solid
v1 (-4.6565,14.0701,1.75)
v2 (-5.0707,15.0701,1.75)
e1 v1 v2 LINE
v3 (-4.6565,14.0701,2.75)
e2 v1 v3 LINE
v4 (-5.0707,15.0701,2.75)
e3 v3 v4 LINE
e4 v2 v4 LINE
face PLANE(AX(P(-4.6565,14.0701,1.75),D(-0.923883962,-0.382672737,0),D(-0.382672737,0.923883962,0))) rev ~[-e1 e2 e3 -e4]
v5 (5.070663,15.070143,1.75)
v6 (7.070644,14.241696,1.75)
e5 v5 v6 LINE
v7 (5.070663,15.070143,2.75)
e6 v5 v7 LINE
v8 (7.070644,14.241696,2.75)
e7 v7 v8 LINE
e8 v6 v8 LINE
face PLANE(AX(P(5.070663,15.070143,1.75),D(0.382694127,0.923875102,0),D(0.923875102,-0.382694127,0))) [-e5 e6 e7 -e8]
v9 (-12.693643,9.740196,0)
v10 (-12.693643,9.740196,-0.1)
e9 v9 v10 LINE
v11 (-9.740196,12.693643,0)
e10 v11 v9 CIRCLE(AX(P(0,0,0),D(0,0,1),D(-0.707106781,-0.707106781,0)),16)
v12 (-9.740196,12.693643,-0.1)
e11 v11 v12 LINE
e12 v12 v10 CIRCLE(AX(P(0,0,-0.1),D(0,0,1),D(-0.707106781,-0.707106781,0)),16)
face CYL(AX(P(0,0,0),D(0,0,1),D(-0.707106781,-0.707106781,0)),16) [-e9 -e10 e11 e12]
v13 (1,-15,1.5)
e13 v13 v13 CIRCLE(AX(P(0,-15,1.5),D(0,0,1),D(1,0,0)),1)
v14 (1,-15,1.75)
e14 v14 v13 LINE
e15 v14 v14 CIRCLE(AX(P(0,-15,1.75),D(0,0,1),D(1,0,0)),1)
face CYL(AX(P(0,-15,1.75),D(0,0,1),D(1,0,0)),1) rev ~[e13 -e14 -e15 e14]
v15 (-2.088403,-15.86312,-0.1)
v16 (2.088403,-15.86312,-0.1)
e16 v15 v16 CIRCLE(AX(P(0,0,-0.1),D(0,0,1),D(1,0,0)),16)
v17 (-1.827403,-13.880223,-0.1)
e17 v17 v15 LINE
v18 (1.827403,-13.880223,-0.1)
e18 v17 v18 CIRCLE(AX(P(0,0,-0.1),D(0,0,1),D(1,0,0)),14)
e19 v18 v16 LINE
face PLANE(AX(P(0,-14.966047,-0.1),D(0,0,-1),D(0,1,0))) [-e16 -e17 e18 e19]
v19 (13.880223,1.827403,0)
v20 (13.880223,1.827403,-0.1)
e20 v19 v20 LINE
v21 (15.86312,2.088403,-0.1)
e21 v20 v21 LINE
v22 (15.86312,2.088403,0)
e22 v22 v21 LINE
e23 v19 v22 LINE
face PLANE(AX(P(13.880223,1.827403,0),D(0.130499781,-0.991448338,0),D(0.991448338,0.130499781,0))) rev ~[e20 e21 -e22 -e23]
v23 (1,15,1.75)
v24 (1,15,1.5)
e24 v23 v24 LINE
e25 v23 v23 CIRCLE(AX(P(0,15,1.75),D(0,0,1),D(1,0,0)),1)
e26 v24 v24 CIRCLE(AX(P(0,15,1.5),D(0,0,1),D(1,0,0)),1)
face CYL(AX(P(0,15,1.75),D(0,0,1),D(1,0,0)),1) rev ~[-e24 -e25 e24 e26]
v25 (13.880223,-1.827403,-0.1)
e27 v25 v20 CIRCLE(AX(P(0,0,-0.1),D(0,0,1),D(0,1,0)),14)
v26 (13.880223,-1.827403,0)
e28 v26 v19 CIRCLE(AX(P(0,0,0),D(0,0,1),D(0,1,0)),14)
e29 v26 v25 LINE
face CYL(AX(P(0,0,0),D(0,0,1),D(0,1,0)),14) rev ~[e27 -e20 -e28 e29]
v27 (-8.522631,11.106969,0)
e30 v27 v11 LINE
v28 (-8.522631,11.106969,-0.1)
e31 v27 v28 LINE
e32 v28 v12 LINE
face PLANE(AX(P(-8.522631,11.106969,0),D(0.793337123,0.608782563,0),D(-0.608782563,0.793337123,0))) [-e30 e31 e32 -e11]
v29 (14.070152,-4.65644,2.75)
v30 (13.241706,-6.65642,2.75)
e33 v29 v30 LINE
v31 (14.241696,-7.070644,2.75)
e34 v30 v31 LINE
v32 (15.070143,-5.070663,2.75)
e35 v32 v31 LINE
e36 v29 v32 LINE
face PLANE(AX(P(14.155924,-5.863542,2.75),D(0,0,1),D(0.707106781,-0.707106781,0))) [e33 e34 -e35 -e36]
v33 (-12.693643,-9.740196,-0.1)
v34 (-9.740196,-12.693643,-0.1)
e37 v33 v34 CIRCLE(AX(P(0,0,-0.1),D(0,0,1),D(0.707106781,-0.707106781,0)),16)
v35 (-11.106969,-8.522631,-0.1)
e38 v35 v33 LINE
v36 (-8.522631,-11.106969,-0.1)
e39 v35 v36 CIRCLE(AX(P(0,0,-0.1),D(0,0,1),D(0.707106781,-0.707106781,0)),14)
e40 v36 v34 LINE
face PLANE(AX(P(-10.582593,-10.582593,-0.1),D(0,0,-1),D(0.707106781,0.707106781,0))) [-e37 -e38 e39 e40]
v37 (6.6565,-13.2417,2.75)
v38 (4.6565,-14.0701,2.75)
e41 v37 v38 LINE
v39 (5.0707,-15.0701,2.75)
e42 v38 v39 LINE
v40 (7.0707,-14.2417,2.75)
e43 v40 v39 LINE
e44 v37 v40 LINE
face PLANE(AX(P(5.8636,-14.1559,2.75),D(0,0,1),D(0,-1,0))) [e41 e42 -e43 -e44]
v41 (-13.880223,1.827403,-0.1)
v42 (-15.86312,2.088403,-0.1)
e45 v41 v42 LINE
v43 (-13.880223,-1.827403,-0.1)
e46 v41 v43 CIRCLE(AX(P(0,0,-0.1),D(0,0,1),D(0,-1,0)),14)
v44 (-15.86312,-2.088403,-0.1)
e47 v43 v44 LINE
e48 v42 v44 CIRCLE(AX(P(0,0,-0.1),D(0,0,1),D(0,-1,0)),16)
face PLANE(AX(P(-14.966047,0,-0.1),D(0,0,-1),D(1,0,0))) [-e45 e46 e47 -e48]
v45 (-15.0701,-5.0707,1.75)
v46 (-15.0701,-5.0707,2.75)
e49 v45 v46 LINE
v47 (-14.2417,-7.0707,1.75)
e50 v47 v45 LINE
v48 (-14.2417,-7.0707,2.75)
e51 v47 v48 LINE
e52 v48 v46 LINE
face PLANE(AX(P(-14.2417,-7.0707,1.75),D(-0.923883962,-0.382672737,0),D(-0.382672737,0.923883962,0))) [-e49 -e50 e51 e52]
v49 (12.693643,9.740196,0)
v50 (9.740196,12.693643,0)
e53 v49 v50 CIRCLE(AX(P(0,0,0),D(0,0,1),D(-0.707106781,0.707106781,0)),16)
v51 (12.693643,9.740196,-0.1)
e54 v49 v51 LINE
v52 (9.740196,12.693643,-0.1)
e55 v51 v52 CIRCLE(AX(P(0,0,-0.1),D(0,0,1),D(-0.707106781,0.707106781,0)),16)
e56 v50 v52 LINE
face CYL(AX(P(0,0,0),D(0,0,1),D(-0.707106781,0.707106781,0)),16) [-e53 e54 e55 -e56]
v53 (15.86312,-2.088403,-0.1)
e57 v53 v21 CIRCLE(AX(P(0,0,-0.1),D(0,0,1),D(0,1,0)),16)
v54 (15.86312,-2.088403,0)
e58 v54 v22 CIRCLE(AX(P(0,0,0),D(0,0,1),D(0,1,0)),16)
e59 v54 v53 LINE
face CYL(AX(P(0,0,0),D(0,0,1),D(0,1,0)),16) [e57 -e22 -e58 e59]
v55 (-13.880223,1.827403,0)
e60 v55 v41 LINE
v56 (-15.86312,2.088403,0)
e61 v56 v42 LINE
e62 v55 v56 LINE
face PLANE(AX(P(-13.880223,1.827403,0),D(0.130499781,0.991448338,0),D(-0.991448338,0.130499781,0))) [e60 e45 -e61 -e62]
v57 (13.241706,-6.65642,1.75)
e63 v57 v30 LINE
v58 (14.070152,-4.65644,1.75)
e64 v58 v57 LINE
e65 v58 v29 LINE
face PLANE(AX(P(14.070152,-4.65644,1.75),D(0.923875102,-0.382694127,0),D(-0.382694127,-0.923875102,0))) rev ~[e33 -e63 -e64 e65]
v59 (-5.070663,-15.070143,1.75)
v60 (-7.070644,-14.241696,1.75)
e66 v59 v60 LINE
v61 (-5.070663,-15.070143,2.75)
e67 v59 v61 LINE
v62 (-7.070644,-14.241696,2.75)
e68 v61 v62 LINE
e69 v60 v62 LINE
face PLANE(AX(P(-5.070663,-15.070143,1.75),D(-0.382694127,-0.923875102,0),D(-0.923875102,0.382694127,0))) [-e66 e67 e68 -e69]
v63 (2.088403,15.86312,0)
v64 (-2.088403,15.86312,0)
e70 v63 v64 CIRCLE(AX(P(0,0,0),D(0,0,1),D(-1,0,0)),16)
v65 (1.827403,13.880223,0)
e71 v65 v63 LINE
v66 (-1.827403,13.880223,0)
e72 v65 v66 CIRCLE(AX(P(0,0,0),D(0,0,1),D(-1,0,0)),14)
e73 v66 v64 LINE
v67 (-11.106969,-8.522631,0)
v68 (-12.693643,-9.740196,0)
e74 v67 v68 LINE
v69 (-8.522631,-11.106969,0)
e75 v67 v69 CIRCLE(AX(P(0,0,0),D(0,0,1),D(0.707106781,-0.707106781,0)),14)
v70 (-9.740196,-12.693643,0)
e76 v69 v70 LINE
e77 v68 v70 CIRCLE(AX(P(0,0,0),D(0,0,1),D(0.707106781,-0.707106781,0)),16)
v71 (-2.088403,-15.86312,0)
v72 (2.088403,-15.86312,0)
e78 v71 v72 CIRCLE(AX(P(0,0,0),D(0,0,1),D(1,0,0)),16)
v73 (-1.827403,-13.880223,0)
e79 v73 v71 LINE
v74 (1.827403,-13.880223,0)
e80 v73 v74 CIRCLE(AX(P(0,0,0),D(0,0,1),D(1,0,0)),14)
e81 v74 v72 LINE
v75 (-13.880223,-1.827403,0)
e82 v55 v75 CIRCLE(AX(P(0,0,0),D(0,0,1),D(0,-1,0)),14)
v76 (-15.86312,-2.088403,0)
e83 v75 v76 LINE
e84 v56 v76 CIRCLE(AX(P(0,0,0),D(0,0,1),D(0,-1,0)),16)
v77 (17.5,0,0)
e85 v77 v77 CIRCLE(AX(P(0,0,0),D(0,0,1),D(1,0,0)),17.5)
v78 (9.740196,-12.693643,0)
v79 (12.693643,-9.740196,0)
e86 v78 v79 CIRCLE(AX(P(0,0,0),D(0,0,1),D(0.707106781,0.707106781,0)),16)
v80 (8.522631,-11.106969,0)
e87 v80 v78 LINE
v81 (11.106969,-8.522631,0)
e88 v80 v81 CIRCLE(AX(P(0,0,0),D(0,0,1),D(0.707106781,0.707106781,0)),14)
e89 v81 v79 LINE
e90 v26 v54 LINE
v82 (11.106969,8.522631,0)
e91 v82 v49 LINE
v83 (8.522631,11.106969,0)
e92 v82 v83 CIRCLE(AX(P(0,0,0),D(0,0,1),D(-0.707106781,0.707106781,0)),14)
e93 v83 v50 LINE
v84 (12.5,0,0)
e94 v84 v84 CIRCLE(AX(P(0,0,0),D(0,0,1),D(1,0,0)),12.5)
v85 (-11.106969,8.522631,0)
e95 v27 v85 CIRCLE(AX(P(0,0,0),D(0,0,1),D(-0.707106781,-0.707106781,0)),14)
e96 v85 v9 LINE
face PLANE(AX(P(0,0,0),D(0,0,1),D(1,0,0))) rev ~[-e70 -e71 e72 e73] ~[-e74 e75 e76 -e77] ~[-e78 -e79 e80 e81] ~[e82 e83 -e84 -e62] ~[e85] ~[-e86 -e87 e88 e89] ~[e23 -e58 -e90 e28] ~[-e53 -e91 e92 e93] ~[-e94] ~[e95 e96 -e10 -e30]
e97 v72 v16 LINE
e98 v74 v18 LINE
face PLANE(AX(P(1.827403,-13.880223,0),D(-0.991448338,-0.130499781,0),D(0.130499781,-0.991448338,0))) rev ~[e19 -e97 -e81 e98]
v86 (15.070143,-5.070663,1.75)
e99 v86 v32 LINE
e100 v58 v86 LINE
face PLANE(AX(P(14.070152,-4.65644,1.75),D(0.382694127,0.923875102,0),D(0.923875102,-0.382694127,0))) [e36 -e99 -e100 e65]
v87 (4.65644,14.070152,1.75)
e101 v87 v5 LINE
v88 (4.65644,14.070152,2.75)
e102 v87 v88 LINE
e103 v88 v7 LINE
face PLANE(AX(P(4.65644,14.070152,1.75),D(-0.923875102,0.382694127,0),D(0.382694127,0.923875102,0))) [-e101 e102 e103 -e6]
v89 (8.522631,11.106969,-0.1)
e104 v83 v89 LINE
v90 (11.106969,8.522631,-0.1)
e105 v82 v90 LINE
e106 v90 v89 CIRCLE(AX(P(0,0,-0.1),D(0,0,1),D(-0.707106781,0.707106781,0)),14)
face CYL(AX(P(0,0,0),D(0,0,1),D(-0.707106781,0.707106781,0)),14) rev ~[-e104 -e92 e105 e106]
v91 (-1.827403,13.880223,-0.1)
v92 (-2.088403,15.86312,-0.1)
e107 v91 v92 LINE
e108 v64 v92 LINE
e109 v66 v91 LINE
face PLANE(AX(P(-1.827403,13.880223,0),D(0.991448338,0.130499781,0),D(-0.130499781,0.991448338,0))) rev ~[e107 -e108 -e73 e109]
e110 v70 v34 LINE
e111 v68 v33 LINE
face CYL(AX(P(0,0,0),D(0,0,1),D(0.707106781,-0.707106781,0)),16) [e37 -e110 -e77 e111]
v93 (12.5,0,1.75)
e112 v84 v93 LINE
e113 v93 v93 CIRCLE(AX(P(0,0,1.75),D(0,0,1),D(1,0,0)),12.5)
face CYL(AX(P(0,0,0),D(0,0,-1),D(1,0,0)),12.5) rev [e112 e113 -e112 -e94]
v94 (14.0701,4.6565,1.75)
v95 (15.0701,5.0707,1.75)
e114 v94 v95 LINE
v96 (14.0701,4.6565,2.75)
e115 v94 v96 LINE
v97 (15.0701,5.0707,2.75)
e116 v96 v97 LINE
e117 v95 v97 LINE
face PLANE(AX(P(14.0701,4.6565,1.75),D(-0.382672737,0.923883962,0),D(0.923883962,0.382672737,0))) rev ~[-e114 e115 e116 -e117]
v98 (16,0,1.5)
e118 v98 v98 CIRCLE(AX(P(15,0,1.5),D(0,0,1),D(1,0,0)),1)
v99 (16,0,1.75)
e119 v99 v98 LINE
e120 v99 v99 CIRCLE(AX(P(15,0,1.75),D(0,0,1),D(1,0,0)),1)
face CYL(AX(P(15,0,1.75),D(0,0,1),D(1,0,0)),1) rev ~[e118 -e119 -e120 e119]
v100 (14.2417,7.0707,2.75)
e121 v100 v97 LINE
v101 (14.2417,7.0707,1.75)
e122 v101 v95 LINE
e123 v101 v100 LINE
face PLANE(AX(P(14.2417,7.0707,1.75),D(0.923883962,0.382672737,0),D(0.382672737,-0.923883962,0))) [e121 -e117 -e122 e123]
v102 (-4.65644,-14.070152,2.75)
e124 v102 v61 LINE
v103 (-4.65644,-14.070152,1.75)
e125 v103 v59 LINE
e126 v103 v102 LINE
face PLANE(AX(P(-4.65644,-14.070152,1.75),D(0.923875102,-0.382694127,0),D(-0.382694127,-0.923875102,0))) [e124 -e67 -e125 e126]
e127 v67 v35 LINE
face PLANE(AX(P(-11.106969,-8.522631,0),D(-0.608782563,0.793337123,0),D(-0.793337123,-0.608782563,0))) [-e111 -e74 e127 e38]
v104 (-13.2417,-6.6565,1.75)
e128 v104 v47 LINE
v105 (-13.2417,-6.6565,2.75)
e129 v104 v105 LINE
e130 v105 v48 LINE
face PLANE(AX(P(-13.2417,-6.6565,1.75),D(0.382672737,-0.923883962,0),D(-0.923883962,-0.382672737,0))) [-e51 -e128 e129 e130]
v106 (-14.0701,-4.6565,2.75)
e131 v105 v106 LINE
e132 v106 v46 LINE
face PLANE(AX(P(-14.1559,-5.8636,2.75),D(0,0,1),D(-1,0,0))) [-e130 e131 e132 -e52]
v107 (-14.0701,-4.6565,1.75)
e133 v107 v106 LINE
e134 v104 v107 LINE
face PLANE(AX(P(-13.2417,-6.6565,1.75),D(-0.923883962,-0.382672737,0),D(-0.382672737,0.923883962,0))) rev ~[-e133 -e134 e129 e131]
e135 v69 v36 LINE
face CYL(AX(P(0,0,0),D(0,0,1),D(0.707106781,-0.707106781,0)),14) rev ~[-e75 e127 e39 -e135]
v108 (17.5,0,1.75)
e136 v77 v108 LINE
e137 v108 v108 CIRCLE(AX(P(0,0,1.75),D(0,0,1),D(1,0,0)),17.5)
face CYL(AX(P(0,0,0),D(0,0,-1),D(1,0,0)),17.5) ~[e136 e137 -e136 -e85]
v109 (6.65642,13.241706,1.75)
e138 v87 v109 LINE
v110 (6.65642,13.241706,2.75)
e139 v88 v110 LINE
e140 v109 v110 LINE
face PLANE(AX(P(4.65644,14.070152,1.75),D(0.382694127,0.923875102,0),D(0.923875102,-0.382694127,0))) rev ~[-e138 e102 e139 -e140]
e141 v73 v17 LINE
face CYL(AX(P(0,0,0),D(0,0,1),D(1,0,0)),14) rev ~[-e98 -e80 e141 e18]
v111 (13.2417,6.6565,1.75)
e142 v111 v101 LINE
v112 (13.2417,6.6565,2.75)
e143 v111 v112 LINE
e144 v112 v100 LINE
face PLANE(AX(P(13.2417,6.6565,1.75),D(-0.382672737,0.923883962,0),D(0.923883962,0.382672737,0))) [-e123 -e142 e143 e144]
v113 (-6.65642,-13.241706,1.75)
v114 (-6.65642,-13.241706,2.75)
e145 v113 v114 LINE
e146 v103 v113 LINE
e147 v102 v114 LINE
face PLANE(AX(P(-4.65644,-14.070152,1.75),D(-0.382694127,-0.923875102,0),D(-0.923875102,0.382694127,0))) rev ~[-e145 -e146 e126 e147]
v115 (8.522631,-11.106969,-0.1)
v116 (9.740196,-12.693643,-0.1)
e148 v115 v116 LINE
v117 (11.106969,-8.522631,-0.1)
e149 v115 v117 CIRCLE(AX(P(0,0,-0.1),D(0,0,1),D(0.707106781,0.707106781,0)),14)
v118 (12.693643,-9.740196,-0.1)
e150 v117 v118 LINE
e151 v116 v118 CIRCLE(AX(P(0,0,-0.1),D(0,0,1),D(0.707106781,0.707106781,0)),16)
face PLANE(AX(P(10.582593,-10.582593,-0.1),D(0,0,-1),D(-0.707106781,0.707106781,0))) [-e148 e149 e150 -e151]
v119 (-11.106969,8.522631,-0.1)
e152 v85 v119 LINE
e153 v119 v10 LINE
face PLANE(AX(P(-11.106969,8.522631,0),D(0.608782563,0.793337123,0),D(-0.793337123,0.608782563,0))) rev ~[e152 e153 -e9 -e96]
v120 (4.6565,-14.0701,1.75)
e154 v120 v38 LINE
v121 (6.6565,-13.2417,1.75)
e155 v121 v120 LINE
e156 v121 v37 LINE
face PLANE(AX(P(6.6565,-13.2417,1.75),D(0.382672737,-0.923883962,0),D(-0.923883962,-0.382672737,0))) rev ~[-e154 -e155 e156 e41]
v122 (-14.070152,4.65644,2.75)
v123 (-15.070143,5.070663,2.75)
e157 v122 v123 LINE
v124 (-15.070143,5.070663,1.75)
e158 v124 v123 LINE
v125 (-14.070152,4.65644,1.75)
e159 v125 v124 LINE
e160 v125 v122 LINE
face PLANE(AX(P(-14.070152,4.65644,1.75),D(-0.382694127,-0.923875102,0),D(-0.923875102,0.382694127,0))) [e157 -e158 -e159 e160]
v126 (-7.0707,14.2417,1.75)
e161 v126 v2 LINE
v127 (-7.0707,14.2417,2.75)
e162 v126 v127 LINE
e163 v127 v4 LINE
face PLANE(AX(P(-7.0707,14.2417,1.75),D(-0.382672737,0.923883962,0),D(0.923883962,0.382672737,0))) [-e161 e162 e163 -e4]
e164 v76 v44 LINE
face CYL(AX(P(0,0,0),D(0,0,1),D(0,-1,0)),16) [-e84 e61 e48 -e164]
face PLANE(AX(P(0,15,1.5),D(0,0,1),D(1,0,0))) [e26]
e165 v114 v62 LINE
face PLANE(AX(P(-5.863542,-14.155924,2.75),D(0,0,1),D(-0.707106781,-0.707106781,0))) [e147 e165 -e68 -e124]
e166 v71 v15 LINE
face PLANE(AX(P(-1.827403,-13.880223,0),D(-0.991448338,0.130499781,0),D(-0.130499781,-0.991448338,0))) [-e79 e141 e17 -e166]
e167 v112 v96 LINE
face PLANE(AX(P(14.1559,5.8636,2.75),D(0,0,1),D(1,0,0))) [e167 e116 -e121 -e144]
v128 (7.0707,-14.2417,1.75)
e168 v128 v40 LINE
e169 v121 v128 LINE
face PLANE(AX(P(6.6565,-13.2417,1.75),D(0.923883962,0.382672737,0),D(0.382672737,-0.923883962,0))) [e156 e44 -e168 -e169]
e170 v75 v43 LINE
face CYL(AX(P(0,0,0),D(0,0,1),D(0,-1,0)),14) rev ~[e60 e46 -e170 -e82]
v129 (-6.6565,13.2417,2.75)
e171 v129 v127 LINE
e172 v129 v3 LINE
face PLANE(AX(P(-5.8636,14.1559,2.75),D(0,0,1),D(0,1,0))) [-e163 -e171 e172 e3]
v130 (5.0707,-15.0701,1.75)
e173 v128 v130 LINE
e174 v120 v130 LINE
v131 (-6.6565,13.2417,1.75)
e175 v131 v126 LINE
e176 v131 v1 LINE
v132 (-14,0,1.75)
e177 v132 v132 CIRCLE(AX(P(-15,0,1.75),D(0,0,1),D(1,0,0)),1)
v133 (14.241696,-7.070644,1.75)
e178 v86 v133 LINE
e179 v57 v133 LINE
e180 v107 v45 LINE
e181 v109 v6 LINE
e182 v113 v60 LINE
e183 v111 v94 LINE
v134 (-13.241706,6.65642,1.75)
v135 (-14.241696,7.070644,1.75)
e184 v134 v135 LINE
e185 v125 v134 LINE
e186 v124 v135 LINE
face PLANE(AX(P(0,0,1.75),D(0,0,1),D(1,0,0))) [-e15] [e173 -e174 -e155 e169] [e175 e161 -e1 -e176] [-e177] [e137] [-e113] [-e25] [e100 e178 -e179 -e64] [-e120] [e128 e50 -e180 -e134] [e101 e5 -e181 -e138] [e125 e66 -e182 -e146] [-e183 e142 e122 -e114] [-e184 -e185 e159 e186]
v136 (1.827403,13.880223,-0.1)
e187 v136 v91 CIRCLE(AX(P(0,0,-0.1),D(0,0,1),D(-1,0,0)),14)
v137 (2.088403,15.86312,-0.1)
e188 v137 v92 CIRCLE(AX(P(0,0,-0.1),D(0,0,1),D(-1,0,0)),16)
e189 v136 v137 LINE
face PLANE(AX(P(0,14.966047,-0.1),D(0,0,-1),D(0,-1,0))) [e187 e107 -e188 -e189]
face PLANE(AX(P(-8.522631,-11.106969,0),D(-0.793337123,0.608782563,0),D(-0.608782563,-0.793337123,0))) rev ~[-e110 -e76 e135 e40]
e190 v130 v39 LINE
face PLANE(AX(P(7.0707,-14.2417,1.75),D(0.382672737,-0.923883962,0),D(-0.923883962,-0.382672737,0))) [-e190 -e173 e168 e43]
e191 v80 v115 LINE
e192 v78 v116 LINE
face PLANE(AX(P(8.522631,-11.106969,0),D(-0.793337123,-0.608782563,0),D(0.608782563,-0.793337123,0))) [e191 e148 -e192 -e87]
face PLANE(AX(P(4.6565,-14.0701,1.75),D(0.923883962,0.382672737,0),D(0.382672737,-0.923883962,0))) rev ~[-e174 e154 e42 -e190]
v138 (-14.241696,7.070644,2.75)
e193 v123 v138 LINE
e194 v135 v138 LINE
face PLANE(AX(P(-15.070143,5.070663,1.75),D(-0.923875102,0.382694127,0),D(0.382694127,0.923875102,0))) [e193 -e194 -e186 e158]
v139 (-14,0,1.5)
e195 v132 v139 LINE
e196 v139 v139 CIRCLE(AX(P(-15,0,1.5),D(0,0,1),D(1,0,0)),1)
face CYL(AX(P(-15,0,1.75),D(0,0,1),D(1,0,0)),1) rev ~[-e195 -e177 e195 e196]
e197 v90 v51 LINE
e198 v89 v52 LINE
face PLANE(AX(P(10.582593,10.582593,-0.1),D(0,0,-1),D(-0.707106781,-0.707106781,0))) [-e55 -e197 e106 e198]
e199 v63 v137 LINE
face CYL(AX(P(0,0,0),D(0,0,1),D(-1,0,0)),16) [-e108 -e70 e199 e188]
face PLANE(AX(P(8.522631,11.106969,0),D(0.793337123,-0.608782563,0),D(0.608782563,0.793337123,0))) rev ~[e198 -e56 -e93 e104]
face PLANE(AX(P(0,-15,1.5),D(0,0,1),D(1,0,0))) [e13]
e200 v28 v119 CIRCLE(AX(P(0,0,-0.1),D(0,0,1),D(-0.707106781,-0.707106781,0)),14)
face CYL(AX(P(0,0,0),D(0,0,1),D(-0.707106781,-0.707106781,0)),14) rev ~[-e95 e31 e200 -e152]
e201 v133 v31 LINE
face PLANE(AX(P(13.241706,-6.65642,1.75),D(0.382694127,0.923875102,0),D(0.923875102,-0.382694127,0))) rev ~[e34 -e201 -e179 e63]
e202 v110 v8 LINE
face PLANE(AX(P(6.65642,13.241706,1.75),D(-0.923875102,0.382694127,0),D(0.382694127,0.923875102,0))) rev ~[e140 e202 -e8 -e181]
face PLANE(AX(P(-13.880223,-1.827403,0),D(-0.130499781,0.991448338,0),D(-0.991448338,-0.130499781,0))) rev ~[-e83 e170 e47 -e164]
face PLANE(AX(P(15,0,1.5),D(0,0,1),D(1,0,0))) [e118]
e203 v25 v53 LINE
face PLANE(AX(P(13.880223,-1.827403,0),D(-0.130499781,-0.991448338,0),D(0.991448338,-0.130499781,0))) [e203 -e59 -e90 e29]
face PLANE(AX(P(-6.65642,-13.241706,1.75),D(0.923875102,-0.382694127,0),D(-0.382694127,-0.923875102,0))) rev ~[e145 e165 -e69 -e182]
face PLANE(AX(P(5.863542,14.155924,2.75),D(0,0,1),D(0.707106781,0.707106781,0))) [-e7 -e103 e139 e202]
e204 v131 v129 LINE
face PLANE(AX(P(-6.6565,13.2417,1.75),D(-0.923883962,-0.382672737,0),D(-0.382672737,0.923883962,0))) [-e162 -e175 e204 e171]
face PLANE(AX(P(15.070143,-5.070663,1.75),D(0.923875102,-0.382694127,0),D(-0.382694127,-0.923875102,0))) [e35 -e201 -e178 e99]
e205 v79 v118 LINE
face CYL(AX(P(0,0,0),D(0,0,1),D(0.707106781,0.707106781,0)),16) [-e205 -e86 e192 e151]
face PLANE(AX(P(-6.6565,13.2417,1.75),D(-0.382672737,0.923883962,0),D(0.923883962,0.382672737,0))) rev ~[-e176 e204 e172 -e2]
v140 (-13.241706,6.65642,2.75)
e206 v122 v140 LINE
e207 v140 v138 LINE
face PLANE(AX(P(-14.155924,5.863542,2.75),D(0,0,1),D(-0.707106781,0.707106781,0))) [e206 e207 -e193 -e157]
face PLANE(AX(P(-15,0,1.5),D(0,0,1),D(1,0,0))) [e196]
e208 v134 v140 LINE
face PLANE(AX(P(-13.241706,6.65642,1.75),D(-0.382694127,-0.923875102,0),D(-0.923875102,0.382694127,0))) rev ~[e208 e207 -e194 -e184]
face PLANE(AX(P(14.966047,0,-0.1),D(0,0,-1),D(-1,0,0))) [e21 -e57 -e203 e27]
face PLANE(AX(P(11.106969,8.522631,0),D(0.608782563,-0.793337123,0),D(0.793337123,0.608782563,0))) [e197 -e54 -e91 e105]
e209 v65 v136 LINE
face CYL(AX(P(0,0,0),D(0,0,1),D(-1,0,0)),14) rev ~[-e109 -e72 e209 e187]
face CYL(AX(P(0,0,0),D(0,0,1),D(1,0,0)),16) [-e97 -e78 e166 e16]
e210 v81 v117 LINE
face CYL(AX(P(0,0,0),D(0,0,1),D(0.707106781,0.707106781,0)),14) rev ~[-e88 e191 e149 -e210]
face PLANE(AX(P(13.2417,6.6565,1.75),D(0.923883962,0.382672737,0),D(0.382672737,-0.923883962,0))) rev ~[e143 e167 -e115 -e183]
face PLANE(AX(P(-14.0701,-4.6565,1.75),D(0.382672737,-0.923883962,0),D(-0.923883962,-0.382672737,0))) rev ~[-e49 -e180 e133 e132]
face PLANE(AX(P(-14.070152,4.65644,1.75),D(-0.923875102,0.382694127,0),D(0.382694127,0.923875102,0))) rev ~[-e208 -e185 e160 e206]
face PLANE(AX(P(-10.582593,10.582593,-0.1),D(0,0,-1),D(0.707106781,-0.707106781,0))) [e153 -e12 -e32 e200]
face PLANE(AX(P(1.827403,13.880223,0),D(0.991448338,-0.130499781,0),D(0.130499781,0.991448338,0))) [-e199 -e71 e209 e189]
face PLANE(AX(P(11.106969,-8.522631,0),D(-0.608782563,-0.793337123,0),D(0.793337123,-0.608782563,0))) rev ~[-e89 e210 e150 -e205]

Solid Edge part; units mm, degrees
sketch "Sketch1" plane through (0, 0, 0) normal (0, 0, 1) x (1, 0, 0)
  circle A0 centre (0, 0) radius 12.5
  circle A1 centre (0, 0) radius 17.5
extrude "Protrusion1" add sketch "Sketch1" along normal blind 1.75
sketch "Sketch2" plane through (0, 0, 1.75) normal (0, 0, 1) x (1, 0, 0)
  circle A0 centre (0, 15) radius 1
  circle A1 centre (15, 0) radius 1
  circle A2 centre (0, -15) radius 1
  circle A3 centre (-15, 0) radius 1
extrude "VaciadoExtruido_1" cut sketch "Sketch2" against normal blind 0.25
sketch "Sketch3" plane through (0, 0, 0) normal (0, 0, -1) x (0, 1, 0)
  line L0 (1.8274, 13.8802) -> (2.0884, 15.8631)
  line L1 (-1.8274, 13.8802) -> (-2.0884, 15.8631)
  arc A0 (-1.8274, 13.8802) -> (1.8274, 13.8802) centre (0, 0) cw
  arc A1 (-2.0884, 15.8631) -> (2.0884, 15.8631) centre (0, 0) cw
extrude "ProtrusiónExtruida_2" add sketch "Sketch3" along normal blind 0.1
pattern_circular "Pattern1" count 8 over 360 about axis through (0, 0, 0) along (0, 0, 1) of "ProtrusiónExtruida_2"
sketch "Sketch4" plane through (0, 0, 1.75) normal (0, 0, 1) x (0, 1, 0)
  line L0 (6.6565, -13.2417) -> (4.6565, -14.0701)
  line L1 (4.6565, -14.0701) -> (5.0707, -15.0701)
  line L2 (7.0707, -14.2417) -> (5.0707, -15.0701)
  line L3 (6.6565, -13.2417) -> (7.0707, -14.2417)
extrude "ProtrusiónExtruida_3" add sketch "Sketch4" along normal blind 1
pattern_circular "Pattern3" count 8 over 360 about axis through (0, 0, 1.75) along (0, 0, 1) of "ProtrusiónExtruida_3"
